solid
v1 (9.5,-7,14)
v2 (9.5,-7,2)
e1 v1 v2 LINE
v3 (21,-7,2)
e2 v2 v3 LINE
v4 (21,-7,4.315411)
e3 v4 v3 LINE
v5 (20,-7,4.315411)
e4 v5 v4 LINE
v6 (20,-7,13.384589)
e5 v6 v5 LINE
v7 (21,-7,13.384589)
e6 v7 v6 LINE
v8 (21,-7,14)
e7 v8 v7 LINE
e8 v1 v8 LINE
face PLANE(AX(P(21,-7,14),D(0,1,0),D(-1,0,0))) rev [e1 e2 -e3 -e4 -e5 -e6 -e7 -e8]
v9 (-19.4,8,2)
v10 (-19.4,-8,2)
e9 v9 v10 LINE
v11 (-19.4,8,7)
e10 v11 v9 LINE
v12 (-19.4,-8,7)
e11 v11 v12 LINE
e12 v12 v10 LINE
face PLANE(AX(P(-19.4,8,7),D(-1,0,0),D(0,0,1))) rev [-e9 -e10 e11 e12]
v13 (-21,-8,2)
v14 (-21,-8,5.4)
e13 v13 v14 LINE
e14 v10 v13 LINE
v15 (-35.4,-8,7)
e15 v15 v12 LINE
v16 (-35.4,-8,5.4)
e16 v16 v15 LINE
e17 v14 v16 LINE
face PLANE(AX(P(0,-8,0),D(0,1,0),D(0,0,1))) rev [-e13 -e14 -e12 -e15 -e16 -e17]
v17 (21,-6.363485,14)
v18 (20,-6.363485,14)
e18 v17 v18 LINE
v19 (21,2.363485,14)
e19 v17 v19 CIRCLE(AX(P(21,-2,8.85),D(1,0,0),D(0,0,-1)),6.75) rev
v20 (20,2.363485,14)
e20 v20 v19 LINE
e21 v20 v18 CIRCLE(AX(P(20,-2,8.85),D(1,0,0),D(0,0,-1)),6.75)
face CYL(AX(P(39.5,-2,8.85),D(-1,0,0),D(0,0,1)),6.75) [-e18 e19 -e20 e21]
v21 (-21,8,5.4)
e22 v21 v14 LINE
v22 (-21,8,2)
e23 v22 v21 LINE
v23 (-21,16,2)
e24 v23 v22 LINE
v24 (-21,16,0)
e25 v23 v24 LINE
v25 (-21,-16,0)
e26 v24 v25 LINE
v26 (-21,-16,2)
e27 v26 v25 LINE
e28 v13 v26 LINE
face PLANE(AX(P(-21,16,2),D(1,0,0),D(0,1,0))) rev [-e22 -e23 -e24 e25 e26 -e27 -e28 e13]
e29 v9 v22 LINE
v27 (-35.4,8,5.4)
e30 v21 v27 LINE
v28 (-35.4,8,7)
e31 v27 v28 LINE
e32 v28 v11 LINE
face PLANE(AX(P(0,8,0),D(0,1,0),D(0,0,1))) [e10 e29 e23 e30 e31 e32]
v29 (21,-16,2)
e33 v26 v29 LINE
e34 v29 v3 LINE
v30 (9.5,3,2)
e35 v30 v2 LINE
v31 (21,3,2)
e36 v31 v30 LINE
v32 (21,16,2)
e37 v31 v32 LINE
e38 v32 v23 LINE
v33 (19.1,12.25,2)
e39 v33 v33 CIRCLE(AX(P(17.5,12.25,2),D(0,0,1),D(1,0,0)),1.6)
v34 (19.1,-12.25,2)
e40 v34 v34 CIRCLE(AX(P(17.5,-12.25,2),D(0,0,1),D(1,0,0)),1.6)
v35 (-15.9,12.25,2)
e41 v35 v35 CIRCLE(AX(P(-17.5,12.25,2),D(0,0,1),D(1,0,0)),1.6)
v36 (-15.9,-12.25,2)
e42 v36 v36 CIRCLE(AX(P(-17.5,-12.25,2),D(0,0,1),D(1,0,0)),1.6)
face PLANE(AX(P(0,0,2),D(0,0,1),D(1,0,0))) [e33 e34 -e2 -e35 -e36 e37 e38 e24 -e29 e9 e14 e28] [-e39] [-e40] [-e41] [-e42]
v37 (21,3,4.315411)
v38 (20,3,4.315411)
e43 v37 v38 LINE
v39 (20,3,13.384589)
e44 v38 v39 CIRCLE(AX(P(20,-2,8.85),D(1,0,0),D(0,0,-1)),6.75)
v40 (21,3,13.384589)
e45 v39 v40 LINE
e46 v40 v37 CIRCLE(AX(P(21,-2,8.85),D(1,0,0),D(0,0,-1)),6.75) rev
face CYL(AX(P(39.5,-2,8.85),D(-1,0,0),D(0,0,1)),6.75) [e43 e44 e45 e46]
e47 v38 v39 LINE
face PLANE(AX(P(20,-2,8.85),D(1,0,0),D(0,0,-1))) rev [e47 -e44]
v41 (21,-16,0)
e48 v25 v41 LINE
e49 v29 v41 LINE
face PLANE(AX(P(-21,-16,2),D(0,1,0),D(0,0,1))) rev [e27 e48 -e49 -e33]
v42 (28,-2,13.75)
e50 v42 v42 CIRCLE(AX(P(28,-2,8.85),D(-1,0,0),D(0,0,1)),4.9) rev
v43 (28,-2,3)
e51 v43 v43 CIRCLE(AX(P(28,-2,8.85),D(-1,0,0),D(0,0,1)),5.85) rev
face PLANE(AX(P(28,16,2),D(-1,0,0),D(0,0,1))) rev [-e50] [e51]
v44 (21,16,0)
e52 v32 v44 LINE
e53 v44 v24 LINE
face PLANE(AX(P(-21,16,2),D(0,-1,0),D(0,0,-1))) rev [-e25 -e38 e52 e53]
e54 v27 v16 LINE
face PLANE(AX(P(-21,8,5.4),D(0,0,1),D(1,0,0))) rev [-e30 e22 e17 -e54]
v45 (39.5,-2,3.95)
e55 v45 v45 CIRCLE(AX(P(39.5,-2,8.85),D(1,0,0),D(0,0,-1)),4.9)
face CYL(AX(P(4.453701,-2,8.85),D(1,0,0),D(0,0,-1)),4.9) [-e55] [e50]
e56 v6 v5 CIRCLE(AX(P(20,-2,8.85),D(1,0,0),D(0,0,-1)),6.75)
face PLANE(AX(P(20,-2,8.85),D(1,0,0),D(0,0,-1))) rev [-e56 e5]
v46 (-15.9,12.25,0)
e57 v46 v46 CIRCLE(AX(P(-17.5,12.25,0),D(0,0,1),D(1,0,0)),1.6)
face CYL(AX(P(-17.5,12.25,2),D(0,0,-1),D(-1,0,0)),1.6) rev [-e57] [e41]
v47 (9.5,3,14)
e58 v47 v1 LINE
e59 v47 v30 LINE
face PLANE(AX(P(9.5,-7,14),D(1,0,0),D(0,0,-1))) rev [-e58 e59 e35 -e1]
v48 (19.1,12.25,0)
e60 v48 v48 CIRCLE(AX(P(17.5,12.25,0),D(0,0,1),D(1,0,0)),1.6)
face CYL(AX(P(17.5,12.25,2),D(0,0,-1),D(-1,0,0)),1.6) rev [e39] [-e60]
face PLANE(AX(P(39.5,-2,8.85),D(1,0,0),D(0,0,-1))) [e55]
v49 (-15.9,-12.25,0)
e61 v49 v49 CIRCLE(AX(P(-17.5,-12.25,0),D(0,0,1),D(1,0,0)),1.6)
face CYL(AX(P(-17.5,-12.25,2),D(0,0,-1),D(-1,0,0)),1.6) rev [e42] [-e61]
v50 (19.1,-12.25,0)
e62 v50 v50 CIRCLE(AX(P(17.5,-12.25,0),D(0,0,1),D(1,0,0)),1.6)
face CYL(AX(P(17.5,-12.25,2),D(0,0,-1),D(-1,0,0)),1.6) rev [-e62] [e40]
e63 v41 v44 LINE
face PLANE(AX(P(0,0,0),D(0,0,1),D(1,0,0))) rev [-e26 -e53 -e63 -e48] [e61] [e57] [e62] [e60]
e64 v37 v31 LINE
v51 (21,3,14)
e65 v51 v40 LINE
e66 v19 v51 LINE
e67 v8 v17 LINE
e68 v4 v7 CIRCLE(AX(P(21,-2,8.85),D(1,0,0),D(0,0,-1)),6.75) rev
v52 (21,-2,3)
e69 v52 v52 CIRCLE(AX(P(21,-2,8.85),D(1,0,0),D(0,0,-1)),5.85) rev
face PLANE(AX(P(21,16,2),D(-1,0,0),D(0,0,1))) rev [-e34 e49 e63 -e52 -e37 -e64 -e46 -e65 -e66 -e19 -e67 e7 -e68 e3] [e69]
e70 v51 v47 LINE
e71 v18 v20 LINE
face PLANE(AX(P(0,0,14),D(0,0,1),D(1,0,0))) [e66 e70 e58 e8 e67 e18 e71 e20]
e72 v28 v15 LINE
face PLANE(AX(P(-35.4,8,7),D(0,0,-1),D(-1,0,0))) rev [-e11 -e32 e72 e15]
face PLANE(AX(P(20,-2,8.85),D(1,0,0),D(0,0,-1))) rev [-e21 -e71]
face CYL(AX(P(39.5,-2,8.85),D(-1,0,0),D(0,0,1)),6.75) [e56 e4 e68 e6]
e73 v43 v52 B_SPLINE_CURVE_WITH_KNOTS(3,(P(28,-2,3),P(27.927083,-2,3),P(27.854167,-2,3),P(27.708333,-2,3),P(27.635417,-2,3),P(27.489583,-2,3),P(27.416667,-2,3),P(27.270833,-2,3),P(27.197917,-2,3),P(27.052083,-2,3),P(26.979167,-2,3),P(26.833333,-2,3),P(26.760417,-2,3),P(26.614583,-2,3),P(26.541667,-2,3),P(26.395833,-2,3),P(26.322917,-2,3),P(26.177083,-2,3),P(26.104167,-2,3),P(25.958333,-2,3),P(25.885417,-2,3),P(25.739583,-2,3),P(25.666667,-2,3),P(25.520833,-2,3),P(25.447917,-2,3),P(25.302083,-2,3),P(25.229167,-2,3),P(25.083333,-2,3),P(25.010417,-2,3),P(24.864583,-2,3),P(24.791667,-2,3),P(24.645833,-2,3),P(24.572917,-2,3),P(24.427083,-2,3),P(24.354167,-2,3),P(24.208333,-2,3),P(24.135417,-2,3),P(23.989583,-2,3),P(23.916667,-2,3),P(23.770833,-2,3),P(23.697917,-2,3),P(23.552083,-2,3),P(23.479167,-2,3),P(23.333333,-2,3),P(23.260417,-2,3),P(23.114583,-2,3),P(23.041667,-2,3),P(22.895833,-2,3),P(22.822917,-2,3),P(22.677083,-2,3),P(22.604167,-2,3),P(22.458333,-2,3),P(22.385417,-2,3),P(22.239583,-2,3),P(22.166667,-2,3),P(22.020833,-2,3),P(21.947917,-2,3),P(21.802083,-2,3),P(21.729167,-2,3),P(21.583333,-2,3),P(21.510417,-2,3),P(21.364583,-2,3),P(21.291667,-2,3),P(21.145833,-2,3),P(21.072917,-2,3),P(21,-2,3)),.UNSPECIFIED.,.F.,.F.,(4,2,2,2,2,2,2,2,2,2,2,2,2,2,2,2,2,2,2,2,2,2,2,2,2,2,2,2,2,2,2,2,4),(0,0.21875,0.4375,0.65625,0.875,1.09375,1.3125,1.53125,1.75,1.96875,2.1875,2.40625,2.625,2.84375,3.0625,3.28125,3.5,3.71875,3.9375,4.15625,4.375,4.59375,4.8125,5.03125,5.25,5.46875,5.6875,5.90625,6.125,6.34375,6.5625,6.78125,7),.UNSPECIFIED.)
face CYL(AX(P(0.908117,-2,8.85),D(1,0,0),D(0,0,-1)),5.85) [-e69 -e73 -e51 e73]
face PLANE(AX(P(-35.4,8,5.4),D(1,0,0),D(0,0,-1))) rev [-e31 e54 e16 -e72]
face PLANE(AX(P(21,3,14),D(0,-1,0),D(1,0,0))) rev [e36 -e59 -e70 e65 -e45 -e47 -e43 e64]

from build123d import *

# Parameters (mm, degrees)
CROQUIS1_W              = 42
CROQUIS1_H              = 32
CROQUIS1_R              = 1.6
SALIENTE_EXTRUIR1_DEPTH = 2
CROQUIS2_W              = 11.5
CROQUIS2_H              = 10
SALIENTE_EXTRUIR2_DEPTH = 12
SALIENTE_EXTRUIR3_START = -1
CROQUIS3_R              = 6.75
SALIENTE_EXTRUIR3_DEPTH = 19.5
CORTAR_EXTRUIR1_START   = -18.5
CROQUIS4_R              = 6.75
CROQUIS4_R_2            = 5.85
CORTAR_EXTRUIR1_DEPTH   = 18.5
CORTAR_EXTRUIR2_START   = -11.5
CROQUIS5_R              = 5.85
CROQUIS5_R_2            = 4.9
CORTAR_EXTRUIR2_DEPTH   = 11.5
SALIENTE_EXTRUIR4_DEPTH = 8


with BuildPart() as part:
    # Croquis1 → Saliente-Extruir1 (new body)
    with BuildSketch(Plane.XY):
        Rectangle(CROQUIS1_W, CROQUIS1_H)
        with Locations((-17.5, 12.25)):
            Circle(CROQUIS1_R, mode=Mode.SUBTRACT)
        with Locations((-17.5, -12.25)):
            Circle(CROQUIS1_R, mode=Mode.SUBTRACT)
        with Locations((17.5, -12.25)):
            Circle(CROQUIS1_R, mode=Mode.SUBTRACT)
        with Locations((17.5, 12.25)):
            Circle(CROQUIS1_R, mode=Mode.SUBTRACT)
    extrude(amount=SALIENTE_EXTRUIR1_DEPTH)

    # Croquis2 → Saliente-Extruir2 (add)
    with BuildSketch(Plane.XY.offset(2)):
        with Locations((15.25, -2)):
            Rectangle(CROQUIS2_W, CROQUIS2_H)
    extrude(amount=SALIENTE_EXTRUIR2_DEPTH)

    # Croquis3 → Saliente-Extruir3 (add)
    with BuildSketch(Plane(origin=(21, 0, 0), x_dir=(0, 0, -1), z_dir=(1, 0, 0)).offset(SALIENTE_EXTRUIR3_START)):
        with Locations(Location((-8.85, -2, 0), (0, 0, 220.27389294))):
            Circle(CROQUIS3_R)
    extrude(amount=SALIENTE_EXTRUIR3_DEPTH)

    # Croquis4 → Cortar-Extruir1 (cut)
    with BuildSketch(Plane(origin=(39.5, 0, 0), x_dir=(0, 0, -1), z_dir=(1, 0, 0)).offset(CORTAR_EXTRUIR1_START)):
        with Locations((-8.85, -2)):
            Circle(CROQUIS4_R)
        with Locations((-8.85, -2)):
            Circle(CROQUIS4_R_2, mode=Mode.SUBTRACT)
    extrude(amount=CORTAR_EXTRUIR1_DEPTH, mode=Mode.SUBTRACT)

    # Croquis5 → Cortar-Extruir2 (cut)
    with BuildSketch(Plane(origin=(39.5, 0, 0), x_dir=(0, 0, -1), z_dir=(1, 0, 0)).offset(CORTAR_EXTRUIR2_START)):
        with Locations((-8.85, -2)):
            Circle(CROQUIS5_R)
        with Locations((-8.85, -2)):
            Circle(CROQUIS5_R_2, mode=Mode.SUBTRACT)
    extrude(amount=CORTAR_EXTRUIR2_DEPTH, mode=Mode.SUBTRACT)

    # Croquis7 → Saliente-Extruir4 (add, symmetric)
    with BuildSketch(Plane(origin=(0, 0, 0), x_dir=(1, 0, 0), z_dir=(0, 1, 0))):
        Polygon((-21, -2), (-21, -5.4), (-35.4, -5.4), (-35.4, -7), (-19.4, -7), (-19.4, -2), align=None)
    extrude(amount=SALIENTE_EXTRUIR4_DEPTH, both=True)


solid = part.part
